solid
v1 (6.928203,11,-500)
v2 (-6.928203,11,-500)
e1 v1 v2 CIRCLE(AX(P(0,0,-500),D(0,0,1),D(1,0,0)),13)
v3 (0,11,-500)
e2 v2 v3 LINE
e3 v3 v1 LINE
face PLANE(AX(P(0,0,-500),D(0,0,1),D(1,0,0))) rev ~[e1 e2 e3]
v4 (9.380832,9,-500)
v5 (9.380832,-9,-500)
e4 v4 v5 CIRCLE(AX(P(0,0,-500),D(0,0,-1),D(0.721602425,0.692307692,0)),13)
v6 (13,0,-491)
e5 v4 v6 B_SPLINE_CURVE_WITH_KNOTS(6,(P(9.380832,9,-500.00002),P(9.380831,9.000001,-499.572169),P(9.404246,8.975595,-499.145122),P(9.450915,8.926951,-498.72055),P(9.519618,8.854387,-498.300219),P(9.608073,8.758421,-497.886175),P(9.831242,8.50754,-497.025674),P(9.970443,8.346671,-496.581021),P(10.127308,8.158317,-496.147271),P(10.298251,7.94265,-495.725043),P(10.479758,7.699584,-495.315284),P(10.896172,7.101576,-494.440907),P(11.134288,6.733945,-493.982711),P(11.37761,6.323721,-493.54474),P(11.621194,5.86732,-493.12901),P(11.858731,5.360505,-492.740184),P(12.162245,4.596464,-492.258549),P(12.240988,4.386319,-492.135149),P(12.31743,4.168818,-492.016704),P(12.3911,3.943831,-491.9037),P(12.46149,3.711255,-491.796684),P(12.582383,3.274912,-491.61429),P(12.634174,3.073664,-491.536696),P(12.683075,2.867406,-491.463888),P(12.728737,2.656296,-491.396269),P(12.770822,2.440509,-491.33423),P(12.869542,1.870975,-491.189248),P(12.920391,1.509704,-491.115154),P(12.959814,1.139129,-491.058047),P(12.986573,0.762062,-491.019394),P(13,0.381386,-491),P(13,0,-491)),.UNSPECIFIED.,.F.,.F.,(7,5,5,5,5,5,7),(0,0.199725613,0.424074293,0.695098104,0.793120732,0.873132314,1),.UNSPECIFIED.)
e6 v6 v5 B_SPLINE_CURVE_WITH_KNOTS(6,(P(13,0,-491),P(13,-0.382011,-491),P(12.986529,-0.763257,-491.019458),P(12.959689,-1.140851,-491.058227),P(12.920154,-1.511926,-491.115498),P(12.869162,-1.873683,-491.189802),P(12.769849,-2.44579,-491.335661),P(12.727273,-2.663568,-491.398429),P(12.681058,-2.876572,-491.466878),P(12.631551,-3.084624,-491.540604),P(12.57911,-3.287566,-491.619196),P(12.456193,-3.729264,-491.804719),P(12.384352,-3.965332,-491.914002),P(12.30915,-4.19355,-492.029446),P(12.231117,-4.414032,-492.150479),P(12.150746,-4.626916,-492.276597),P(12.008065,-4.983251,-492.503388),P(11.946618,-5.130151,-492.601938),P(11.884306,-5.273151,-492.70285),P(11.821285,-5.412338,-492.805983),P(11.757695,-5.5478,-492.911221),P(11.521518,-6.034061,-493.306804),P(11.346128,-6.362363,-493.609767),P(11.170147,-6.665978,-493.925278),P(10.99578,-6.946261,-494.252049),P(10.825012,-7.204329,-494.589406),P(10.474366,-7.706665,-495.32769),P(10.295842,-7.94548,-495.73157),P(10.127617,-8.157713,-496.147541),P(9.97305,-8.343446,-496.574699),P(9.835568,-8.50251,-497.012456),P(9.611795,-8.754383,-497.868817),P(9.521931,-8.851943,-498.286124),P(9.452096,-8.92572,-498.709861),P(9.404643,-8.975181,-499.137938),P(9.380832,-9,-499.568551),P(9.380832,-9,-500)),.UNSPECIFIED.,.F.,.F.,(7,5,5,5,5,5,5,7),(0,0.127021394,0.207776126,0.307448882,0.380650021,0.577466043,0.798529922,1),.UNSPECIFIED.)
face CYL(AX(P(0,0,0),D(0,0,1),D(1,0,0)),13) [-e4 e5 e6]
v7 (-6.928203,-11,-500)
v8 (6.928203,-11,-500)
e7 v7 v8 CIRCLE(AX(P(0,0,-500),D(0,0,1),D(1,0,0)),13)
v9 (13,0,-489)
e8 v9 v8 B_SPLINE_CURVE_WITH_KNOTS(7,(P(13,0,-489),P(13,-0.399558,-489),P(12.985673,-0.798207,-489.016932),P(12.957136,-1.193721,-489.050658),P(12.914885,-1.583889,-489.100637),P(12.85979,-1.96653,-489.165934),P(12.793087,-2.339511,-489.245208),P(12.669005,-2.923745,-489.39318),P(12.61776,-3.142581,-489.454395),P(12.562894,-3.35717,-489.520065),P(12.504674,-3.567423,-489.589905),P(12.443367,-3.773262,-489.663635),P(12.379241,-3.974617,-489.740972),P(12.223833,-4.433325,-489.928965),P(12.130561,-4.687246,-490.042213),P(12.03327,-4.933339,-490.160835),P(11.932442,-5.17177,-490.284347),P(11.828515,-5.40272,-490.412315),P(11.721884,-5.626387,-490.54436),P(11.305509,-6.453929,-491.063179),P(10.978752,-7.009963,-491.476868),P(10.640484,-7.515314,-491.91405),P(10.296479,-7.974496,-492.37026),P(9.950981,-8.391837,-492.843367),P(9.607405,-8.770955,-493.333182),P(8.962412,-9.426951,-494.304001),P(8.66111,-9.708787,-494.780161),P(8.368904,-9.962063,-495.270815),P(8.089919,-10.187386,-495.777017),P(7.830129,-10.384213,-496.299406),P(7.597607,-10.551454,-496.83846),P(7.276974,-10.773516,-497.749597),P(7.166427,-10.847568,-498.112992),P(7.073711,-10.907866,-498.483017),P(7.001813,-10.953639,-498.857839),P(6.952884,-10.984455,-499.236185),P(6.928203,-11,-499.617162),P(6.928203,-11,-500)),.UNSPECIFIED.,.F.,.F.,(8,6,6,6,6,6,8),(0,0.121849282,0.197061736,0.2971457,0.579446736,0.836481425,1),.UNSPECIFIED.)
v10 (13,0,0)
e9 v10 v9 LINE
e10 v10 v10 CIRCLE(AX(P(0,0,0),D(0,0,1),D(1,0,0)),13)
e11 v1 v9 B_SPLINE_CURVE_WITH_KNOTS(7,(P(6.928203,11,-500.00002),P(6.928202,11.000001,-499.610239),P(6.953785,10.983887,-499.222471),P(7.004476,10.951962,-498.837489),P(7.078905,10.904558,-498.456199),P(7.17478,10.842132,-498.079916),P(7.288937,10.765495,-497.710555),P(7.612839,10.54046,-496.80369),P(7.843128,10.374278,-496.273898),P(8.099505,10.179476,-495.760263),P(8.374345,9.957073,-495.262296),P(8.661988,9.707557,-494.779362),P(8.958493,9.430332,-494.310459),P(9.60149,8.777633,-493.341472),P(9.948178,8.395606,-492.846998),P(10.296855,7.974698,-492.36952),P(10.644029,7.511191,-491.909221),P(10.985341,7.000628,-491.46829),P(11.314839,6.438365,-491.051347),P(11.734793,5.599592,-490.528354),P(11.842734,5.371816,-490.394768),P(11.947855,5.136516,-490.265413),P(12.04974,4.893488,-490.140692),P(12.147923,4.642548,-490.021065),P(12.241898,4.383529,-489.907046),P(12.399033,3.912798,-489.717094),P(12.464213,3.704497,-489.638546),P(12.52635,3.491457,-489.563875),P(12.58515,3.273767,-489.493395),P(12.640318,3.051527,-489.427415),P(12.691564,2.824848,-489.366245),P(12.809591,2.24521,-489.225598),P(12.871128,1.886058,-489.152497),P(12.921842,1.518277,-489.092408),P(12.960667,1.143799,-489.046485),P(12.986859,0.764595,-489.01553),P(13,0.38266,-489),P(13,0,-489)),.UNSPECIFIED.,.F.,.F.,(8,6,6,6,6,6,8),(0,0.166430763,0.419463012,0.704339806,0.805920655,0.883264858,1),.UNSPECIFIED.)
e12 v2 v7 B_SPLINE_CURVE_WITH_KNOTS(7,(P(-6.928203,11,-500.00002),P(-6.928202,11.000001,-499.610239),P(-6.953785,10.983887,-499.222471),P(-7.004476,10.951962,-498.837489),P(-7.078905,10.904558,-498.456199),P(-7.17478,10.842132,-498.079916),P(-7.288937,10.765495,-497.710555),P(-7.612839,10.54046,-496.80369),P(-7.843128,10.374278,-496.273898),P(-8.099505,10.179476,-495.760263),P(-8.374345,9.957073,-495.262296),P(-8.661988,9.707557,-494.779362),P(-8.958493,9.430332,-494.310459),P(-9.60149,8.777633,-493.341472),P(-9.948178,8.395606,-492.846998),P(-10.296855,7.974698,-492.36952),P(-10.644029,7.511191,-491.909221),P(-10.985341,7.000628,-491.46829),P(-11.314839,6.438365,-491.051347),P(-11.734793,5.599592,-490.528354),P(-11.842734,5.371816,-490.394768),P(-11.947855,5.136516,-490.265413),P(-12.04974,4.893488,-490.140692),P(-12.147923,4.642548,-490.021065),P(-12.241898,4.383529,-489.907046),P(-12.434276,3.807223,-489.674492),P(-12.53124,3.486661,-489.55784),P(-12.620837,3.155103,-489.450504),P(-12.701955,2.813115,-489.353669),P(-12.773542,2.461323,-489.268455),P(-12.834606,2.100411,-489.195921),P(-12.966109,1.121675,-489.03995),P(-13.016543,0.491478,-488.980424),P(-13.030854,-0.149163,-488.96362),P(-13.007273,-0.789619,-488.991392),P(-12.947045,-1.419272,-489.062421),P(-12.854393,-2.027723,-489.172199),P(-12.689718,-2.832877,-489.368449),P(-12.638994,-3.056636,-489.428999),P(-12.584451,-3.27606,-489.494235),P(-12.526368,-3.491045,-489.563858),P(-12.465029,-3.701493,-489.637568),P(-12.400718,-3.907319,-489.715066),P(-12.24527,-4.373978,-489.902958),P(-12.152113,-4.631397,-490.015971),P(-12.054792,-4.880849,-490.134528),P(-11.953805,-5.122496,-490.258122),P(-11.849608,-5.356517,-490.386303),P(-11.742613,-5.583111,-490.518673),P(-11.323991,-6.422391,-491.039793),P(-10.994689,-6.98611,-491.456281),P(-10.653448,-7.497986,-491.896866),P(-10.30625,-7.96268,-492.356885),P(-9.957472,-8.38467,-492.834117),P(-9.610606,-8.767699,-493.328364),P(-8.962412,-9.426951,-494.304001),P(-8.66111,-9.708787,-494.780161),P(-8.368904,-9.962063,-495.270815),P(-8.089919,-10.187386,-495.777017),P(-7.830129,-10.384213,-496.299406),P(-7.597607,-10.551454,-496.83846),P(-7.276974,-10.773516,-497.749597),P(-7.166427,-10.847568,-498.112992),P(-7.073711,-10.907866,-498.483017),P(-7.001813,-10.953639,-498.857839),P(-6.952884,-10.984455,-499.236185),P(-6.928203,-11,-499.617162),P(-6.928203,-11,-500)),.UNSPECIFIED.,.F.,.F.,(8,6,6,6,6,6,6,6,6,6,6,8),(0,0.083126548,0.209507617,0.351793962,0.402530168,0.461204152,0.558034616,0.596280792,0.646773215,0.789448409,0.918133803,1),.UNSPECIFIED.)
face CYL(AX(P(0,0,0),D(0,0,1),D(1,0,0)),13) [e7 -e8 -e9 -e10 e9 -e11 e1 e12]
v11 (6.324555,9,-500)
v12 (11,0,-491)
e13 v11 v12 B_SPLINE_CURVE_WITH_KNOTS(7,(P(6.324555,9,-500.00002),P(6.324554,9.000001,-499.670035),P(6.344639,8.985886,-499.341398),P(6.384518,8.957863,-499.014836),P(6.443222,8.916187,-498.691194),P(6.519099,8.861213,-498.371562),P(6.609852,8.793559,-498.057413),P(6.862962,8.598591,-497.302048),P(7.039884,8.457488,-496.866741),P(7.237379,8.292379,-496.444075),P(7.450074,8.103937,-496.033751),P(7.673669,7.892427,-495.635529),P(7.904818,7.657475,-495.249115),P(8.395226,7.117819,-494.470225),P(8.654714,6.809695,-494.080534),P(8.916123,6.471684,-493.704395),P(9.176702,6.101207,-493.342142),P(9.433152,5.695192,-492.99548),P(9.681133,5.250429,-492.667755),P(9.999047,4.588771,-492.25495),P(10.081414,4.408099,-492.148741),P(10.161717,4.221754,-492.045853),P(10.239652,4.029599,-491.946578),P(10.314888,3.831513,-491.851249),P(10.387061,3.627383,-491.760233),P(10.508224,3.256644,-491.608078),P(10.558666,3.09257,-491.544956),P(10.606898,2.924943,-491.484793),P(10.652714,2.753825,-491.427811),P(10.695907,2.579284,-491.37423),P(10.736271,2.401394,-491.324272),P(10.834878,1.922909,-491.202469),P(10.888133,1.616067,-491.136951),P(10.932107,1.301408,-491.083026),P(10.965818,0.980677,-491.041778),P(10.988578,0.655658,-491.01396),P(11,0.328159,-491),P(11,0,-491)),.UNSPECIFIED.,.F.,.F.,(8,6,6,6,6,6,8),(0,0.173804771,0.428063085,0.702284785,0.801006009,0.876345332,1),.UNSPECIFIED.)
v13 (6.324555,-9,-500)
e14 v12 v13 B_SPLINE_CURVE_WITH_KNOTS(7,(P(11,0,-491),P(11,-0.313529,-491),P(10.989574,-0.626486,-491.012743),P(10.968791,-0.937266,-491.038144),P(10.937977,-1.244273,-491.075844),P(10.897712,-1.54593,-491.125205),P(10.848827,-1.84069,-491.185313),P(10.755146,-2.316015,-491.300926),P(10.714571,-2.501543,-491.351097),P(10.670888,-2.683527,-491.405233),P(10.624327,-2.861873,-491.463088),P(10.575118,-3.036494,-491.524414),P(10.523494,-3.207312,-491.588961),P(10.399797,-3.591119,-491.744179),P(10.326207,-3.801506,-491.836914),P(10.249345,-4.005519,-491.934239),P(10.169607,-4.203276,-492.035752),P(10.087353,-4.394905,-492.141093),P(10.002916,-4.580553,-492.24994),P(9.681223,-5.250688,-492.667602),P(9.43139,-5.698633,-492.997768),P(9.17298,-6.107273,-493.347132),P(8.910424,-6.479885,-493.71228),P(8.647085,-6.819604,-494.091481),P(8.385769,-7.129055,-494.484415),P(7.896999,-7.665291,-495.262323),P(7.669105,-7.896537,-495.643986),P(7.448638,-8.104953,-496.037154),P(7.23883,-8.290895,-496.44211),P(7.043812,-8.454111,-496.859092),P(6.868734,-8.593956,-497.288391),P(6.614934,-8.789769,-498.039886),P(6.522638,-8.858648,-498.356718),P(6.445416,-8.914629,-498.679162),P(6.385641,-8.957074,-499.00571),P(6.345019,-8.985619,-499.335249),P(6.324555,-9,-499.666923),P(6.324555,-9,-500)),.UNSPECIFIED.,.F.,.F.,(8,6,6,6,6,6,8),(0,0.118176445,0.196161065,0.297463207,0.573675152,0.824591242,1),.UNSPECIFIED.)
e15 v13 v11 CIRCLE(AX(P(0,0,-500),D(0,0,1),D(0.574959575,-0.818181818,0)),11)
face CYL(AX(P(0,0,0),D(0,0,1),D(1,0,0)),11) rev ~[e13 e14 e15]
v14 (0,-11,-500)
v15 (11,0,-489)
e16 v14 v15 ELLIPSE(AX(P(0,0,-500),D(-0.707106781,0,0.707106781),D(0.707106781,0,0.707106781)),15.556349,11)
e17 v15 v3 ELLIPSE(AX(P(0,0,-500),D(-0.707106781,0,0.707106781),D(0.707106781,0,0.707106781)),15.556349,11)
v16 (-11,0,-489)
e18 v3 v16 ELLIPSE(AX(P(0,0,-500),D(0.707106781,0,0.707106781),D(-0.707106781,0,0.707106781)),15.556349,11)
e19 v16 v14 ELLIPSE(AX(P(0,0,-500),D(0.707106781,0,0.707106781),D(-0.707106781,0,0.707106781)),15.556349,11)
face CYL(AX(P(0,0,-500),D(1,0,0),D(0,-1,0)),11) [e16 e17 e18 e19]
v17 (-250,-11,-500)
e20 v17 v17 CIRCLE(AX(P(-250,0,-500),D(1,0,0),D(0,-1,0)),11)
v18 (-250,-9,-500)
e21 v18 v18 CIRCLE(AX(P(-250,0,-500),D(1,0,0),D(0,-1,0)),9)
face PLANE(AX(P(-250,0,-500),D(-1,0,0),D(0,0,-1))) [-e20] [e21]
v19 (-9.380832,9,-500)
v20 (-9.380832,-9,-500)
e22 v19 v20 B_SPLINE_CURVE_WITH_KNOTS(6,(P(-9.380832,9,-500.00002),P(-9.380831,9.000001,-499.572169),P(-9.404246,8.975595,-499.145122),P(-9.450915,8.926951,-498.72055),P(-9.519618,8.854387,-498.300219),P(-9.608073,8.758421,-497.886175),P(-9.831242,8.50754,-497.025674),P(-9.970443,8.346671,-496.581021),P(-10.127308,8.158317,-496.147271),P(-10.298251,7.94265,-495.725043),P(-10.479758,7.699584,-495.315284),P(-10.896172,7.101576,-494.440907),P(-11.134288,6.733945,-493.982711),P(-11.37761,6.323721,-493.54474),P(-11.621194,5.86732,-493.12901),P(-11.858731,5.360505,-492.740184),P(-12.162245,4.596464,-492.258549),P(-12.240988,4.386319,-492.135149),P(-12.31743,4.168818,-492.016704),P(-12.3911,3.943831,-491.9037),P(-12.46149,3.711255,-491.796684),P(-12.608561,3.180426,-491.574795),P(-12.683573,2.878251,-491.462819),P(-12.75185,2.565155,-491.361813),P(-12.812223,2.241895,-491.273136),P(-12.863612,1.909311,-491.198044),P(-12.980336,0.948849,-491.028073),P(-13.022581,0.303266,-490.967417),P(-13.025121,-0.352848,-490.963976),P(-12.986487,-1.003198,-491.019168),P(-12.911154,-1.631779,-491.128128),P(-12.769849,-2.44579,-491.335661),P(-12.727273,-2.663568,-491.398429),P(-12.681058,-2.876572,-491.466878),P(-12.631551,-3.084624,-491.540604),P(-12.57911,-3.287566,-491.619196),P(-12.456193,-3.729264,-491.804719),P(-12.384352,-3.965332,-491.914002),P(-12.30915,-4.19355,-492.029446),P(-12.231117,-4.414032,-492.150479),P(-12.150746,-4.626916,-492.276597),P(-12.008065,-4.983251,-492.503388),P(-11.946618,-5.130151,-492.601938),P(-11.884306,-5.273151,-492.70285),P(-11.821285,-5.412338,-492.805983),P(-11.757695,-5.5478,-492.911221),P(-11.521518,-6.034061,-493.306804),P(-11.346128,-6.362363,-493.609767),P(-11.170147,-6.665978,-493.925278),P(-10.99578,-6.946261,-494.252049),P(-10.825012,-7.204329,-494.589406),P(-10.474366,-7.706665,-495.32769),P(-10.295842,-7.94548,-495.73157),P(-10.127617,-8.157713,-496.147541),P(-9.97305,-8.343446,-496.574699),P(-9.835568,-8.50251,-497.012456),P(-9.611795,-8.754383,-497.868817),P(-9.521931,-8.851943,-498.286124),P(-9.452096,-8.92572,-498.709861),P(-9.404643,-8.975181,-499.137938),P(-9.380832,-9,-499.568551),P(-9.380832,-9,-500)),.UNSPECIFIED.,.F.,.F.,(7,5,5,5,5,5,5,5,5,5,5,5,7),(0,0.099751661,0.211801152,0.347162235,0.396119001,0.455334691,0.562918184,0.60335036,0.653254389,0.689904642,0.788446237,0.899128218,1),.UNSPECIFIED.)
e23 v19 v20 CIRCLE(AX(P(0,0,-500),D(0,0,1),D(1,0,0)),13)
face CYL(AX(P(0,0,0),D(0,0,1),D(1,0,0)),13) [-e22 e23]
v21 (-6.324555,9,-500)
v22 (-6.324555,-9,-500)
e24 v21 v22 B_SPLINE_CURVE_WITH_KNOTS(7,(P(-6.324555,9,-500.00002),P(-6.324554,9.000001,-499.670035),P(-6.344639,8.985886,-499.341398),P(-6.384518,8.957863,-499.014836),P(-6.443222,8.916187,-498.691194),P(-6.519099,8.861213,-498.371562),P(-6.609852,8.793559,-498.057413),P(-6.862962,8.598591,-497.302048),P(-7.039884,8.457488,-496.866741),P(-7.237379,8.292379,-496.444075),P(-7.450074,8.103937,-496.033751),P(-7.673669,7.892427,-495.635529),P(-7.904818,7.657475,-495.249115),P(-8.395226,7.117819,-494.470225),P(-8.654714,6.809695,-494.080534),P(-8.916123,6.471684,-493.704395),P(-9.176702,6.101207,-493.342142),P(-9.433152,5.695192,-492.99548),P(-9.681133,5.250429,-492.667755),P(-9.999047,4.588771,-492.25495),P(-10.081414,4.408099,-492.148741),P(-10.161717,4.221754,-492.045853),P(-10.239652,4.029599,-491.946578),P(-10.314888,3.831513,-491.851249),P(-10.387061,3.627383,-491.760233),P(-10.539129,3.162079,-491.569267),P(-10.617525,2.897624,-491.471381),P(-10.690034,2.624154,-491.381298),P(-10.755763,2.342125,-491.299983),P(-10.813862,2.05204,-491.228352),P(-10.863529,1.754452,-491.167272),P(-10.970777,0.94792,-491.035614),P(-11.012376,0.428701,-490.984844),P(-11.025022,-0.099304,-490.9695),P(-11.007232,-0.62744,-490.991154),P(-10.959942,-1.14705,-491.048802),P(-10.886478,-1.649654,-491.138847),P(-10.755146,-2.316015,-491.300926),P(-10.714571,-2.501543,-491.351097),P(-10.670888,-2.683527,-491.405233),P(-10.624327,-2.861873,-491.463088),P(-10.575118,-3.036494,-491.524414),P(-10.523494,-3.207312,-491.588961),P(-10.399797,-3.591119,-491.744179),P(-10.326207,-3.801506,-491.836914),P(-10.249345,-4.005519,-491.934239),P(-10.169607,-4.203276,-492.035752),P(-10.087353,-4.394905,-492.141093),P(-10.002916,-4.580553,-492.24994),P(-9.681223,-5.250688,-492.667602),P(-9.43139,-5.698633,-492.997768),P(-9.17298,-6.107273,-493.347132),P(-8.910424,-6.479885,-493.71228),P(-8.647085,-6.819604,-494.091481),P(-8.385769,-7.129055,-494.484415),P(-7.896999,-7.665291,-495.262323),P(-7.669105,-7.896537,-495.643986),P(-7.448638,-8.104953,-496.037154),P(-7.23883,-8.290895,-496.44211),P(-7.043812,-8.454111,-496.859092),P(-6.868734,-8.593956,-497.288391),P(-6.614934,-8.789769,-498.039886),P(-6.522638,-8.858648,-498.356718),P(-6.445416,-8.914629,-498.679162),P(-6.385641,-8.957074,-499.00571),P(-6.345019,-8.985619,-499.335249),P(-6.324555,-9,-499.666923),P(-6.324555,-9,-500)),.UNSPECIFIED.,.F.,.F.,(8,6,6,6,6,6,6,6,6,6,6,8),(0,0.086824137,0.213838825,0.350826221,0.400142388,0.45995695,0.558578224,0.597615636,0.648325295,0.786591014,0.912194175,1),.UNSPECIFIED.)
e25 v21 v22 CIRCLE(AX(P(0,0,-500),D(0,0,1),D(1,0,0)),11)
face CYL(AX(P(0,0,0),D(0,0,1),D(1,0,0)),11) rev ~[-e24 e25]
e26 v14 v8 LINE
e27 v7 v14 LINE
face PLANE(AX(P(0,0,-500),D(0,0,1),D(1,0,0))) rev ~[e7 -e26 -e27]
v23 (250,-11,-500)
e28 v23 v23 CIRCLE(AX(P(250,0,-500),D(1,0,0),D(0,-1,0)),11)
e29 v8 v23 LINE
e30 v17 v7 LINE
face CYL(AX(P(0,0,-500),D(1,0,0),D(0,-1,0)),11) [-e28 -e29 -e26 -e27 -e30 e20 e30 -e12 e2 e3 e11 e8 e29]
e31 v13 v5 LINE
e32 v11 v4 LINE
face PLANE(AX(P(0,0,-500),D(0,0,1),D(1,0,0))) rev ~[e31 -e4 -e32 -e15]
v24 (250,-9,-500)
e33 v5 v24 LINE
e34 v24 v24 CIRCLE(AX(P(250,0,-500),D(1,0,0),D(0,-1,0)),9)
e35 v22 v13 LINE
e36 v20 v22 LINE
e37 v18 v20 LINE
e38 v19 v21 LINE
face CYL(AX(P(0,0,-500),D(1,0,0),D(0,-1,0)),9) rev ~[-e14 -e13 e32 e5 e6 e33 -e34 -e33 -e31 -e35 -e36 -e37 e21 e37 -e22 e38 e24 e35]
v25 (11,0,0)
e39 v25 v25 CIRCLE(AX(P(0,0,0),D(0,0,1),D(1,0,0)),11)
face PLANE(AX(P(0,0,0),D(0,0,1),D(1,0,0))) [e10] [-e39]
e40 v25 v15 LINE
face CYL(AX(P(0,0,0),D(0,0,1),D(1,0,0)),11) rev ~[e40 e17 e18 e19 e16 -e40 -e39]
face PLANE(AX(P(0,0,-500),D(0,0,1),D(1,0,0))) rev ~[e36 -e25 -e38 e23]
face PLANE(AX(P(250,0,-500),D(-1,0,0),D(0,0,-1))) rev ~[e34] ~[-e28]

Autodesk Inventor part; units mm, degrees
ref_plane "YZ Plane" through (0, 0, 0) normal (1, 0, 0) x (0, 1, 0)
ref_plane "XZ Plane" through (0, 0, 0) normal (0, 1, 0) x (-1, 0, 0)
sketch "Sketch3" plane through (0, 0, 0) normal (0, 0, 1) x (1, 0, 0)
  circle A0 centre (0, 0) radius 13
  circle A1 centre (0, 0) radius 11
  dimension "d0" = 26
  dimension "d1" = 22
extrude "Extrusion1" add sketch "Sketch3" against normal blind 500
ref_plane "Work Plane1" through (-250, 0, -500) normal (-1, 0, 0) x (0, -1, 0)
sketch "Sketch4" plane through (-250, 0, -500) normal (-1, 0, 0) x (0, -1, 0)
  circle A0 centre (0, 0) radius 11
  circle A1 centre (0, 0) radius 9
  point P0 (0, 500)
  dimension "d6" = 22
  dimension "d7" = 18
sketch3d "3D Sketch1"
  line L0 (-250, 0, -500) -> (0, 0, -500)
  line L1 (0, 0, -500) -> (250, 0, -500)
  dimension "d4" = 250
  dimension "d5" = 250
sweep "Sweep1" add profiles "Sketch4" path "3D Sketch1"
equation "\"BendRadius\" = Thickness"
equation "\"BendReliefWidth\" = Thickness"
equation "\"BendReliefDepth\" = 0.5 * Thickness"
equation "\"CornerReliefSize\" = 4 * Thickness"
equation "\"MinimumRemnant\" = 2 * Thickness"
equation "\"TransitionRadius\" = BendRadius"
equation "\"JacobiRadiusSize\" = BendRadius"
equation "\"GapSize\" = Thickness"
equation "\"Thickness\" = 0.5"
properties part number "Handle bars"
